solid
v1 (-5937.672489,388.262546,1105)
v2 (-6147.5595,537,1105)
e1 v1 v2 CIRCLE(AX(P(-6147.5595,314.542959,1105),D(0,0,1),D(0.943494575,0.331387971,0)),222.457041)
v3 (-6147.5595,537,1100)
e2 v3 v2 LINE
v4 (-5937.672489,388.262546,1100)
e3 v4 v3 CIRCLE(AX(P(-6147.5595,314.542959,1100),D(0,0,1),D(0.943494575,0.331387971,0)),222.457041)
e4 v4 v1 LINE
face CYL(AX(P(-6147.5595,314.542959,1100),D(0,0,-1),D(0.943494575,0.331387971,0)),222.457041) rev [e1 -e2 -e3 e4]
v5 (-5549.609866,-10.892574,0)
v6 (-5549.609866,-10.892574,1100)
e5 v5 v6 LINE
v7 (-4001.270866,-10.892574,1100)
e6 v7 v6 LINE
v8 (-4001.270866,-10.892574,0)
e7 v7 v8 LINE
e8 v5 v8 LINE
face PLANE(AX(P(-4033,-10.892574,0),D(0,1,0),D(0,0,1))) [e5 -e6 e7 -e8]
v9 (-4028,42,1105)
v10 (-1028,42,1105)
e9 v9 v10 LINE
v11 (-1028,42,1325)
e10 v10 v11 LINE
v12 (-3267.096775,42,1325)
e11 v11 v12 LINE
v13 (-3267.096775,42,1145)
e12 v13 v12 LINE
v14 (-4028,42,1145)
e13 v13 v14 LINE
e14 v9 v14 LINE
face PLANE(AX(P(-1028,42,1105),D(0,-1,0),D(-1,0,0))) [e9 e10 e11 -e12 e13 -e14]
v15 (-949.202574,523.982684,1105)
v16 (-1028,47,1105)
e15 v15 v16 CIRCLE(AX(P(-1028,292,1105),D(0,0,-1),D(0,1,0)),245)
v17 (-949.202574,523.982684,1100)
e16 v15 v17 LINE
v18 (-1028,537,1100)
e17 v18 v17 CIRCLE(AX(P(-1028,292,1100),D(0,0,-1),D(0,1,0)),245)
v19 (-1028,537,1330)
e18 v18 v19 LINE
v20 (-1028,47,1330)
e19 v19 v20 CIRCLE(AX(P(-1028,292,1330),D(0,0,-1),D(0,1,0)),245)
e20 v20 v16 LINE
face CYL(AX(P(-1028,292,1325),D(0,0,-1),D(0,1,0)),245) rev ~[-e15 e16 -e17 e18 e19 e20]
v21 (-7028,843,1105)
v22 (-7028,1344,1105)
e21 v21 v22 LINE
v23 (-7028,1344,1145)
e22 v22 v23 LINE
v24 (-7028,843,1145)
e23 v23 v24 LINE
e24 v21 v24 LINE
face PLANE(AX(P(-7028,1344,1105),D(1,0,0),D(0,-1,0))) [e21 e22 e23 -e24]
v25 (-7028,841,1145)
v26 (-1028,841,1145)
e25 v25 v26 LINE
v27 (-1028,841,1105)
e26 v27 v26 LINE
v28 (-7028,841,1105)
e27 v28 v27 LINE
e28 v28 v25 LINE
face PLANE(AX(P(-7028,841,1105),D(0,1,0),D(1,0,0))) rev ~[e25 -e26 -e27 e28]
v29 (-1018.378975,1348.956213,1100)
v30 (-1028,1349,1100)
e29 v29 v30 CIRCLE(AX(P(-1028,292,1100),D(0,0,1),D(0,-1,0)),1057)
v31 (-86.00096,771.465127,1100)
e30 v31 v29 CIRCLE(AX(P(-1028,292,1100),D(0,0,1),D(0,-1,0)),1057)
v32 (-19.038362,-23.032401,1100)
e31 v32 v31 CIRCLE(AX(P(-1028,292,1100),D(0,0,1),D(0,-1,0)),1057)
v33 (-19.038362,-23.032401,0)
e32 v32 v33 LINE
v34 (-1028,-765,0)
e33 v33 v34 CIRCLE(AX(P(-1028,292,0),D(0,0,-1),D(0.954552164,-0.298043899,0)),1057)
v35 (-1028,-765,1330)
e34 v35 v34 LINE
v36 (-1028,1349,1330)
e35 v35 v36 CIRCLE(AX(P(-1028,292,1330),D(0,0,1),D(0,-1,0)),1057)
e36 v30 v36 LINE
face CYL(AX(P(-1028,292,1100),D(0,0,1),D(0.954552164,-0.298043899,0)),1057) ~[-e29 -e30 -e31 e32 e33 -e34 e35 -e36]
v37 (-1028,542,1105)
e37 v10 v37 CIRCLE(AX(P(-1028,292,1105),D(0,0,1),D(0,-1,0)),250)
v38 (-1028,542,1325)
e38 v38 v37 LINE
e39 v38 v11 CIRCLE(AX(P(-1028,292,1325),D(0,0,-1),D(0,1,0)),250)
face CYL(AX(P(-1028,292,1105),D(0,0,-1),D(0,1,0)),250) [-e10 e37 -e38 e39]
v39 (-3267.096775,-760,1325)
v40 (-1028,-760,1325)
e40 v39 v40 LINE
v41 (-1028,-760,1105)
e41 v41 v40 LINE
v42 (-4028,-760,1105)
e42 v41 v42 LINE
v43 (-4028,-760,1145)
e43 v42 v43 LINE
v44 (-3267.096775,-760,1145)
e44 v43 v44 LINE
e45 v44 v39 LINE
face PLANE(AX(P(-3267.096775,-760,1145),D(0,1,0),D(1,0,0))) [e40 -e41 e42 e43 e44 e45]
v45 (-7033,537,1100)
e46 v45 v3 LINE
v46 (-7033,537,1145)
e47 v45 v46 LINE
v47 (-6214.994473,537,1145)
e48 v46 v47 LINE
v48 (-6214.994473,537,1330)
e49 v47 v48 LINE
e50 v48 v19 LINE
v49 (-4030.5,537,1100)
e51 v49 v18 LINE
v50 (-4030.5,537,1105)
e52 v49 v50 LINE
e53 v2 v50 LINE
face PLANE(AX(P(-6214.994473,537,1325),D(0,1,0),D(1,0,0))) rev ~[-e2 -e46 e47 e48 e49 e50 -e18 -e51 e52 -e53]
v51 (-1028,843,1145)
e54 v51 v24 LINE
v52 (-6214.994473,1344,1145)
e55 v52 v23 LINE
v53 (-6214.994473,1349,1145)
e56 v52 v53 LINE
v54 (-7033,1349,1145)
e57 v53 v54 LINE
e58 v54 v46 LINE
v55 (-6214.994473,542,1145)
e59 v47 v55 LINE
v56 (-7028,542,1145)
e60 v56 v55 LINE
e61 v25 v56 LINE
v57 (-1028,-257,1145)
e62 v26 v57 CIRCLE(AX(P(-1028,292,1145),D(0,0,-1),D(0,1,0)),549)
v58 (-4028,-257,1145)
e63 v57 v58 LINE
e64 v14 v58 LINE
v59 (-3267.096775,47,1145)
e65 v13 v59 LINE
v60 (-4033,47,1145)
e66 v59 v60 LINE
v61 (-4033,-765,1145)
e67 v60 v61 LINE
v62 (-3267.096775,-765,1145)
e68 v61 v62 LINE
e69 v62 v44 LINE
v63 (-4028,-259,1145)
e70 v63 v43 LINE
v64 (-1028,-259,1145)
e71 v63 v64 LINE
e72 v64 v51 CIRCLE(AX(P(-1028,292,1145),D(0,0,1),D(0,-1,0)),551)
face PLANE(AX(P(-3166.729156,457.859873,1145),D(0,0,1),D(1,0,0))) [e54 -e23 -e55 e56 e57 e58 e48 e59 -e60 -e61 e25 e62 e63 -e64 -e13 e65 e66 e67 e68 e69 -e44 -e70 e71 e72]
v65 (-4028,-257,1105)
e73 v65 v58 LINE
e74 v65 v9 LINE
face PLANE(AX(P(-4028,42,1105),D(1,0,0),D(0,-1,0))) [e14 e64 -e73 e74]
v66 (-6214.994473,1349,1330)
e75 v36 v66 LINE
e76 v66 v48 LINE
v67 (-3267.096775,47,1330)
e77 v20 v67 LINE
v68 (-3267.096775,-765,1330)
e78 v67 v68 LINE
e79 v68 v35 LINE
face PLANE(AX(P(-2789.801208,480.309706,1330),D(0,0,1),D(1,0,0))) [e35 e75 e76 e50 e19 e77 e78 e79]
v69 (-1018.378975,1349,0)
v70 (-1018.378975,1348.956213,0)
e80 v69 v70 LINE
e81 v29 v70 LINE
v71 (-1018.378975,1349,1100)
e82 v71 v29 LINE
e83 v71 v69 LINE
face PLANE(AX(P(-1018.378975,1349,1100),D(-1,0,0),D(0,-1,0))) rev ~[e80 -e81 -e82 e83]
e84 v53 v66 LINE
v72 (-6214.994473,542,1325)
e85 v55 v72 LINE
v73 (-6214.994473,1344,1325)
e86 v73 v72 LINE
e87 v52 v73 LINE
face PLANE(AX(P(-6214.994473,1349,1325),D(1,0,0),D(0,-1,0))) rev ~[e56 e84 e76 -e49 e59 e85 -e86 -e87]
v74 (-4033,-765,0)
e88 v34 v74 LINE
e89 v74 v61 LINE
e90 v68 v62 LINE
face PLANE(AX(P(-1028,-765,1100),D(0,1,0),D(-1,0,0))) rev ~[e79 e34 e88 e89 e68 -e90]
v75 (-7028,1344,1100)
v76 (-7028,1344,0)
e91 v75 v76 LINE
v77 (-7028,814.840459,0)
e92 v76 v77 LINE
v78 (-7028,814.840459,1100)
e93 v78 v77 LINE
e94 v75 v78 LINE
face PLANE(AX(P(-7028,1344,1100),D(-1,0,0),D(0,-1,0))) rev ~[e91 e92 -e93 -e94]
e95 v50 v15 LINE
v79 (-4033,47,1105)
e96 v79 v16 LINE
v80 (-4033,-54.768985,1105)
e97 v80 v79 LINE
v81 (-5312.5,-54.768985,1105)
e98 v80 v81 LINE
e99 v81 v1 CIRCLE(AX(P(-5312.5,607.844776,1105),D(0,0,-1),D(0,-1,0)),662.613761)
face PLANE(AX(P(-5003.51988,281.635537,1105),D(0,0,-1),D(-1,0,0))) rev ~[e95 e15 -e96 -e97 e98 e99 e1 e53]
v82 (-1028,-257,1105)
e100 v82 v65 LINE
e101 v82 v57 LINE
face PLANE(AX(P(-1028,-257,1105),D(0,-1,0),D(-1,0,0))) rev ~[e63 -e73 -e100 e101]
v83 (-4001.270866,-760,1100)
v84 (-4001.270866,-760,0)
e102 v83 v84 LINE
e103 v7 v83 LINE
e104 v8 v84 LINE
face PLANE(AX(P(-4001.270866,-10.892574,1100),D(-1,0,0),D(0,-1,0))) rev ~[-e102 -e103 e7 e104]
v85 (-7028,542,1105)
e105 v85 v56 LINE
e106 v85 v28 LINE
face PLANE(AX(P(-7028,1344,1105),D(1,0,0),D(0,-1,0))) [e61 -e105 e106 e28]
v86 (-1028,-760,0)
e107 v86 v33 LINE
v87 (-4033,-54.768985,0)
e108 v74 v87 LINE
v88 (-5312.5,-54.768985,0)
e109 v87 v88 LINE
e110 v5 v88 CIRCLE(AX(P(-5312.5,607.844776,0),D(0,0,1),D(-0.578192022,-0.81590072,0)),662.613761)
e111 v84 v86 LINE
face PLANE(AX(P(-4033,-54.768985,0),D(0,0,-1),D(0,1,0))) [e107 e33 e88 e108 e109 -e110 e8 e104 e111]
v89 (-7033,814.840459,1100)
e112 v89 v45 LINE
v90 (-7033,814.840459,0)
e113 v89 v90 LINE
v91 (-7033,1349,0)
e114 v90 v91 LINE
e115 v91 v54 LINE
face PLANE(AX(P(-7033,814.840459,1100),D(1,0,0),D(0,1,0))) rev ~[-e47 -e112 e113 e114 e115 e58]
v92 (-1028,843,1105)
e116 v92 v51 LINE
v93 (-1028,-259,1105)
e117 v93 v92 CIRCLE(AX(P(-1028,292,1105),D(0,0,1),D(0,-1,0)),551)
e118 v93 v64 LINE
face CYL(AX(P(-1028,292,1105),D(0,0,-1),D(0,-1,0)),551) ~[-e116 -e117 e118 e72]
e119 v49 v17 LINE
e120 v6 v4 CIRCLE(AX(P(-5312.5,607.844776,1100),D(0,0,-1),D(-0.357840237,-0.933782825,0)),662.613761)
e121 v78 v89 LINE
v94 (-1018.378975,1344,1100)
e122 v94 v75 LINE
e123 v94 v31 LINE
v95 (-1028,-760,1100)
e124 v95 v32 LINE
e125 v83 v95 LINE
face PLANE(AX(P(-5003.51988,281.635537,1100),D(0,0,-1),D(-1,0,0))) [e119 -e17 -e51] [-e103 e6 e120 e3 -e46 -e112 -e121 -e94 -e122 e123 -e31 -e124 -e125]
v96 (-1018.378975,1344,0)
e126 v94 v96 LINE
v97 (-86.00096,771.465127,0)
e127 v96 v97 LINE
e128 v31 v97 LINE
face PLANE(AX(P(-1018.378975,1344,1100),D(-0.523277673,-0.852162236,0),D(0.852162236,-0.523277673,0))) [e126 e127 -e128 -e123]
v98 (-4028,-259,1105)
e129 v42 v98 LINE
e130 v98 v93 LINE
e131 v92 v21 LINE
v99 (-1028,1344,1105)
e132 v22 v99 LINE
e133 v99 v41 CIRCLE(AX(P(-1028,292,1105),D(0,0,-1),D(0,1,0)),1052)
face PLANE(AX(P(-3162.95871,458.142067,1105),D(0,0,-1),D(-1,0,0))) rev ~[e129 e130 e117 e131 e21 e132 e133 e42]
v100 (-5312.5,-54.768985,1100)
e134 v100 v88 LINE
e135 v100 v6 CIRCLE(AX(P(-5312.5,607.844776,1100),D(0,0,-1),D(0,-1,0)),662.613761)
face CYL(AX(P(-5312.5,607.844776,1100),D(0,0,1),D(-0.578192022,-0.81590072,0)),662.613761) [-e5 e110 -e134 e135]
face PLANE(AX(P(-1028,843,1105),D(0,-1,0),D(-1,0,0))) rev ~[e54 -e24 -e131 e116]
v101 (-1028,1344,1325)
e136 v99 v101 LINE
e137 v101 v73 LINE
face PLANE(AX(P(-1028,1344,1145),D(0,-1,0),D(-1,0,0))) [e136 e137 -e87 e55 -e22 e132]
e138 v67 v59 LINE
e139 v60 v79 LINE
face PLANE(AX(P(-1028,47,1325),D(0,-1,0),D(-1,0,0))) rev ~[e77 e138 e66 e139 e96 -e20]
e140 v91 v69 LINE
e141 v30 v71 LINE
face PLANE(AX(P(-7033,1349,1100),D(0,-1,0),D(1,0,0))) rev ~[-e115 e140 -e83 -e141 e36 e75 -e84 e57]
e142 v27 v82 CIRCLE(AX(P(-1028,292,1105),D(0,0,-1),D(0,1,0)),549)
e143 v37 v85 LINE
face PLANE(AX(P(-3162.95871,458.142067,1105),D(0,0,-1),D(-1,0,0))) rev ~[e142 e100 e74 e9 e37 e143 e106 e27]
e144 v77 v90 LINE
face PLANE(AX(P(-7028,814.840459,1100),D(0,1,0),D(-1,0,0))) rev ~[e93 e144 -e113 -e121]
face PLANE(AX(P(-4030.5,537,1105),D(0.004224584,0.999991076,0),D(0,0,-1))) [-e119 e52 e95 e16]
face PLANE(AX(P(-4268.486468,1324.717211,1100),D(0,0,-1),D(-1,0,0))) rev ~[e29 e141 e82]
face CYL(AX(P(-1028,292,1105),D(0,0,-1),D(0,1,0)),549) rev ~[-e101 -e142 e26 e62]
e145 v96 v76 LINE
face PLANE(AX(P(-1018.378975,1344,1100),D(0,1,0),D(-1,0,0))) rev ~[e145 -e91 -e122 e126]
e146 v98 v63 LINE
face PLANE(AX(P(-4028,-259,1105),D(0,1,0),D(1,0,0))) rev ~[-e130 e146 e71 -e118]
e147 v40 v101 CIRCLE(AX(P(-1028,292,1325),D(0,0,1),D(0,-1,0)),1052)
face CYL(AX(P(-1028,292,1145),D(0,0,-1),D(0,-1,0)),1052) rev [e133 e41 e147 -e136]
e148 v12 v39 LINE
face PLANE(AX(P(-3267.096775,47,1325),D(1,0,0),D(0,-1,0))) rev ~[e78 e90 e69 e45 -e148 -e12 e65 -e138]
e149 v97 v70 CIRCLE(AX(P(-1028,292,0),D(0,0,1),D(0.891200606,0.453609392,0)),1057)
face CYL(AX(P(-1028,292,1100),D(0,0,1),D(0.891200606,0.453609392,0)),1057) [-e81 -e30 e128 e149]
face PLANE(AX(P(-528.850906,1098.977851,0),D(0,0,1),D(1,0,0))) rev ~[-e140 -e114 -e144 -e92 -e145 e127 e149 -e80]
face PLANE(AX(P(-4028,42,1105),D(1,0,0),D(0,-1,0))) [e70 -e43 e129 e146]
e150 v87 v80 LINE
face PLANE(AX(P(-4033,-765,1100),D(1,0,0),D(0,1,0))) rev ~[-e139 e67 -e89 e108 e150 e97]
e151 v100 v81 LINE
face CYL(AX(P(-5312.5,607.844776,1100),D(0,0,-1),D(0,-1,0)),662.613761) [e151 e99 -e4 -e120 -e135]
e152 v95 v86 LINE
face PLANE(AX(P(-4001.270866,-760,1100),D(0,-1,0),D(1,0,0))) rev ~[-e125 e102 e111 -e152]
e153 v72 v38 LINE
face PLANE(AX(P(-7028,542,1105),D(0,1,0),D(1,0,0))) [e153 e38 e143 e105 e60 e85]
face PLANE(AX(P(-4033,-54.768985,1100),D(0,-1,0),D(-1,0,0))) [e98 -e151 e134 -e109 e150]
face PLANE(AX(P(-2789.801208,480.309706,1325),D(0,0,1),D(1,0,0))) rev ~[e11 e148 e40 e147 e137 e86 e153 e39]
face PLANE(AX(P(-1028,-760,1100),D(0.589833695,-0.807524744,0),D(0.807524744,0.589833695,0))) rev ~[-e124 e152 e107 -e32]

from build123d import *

# Parameters (mm, degrees)
ESTRUSIONE_ESTRUSIONE1_START      = 1100
ESTRUSIONE_ESTRUSIONE1_DEPTH      = 5
ESTRUSIONE_ESTRUSIONE2_DEPTH      = 40
ESTRUSIONE_ESTRUSIONE2_DEPTH_BACK = 5
ESTRUSIONE_ESTRUSIONE3_DEPTH      = 40
ESTRUSIONE_ESTRUSIONE4_DEPTH      = 180
ESTRUSIONE_ESTRUSIONE5_DEPTH      = 5
ESTRUSIONE_ESTRUSIONE10_DEPTH     = 1100
ESTRUSIONE_ESTRUSIONE11_DEPTH     = 1100
ESTRUSIONE_ESTRUSIONE12_DEPTH     = 1100
SCHIZZO17_W                       = 1100
SCHIZZO17_H                       = 43.876411271
ESTRUSIONE_ESTRUSIONE13_DEPTH     = 2559
ESTRUSIONE_ESTRUSIONE14_DEPTH     = 5
SCHIZZO19_W                       = 5
SCHIZZO19_H                       = 490.0043726
ESTRUSIONE_ESTRUSIONE15_DEPTH     = 3500
TAGLIO_ESTRUSIONE1_DEPTH          = 3500


with BuildPart() as part:
    # Schizzo1 → Estrusione-Estrusione1 (new body)
    with BuildSketch(Plane.XY.offset(ESTRUSIONE_ESTRUSIONE1_START)):
        with BuildLine():
            Line((-7028, 842), (-7028, 1344))
            Line((-7028, 1344), (-1028, 1344))
            ThreePointArc((-1028, 1344), (24, 292), (-1028, -760))
            Line((-1028, -760), (-4028, -760))
            Line((-4028, -760), (-4028, 42))
            Line((-4028, 42), (-1028, 42))
            ThreePointArc((-1028, 42), (-778, 292), (-1028, 542))
            Line((-1028, 542), (-7028, 542))
            Line((-7028, 542), (-7028, 842))
        make_face()
    extrude(amount=ESTRUSIONE_ESTRUSIONE1_DEPTH)

    # Schizzo2 → Estrusione-Estrusione2 (add, two sides)
    with BuildSketch(Plane.XY.offset(1105)) as estrusione_estrusione2_sk:
        with BuildLine():
            Line((-1028, 1349), (-7033, 1349))
            Line((-7033, 1349), (-7033, 537))
            Line((-7033, 537), (-1028, 537))
            ThreePointArc((-1028, 537), (-783, 292), (-1028, 47))
            Line((-1028, 47), (-4033, 47))
            Line((-4033, 47), (-4033, -765))
            Line((-4033, -765), (-1028, -765))
            ThreePointArc((-1028, -765), (29, 292), (-1028, 1349))
        make_face()
        with BuildLine():
            Line((-1028, 1344), (-7028, 1344))
            Line((-7028, 1344), (-7028, 542))
            Line((-7028, 542), (-1028, 542))
            ThreePointArc((-1028, 542), (-778, 292), (-1028, 42))
            Line((-1028, 42), (-4028, 42))
            Line((-4028, 42), (-4028, -760))
            Line((-4028, -760), (-1028, -760))
            ThreePointArc((-1028, -760), (24, 292), (-1028, 1344))
        make_face(mode=Mode.SUBTRACT)
    extrude(amount=ESTRUSIONE_ESTRUSIONE2_DEPTH)
    extrude(estrusione_estrusione2_sk.sketch, amount=-ESTRUSIONE_ESTRUSIONE2_DEPTH_BACK)

    # Schizzo3 → Estrusione-Estrusione3 (add)
    with BuildSketch(Plane.XY.offset(1105)):
        with BuildLine():
            Line((-4028, -259), (-1028, -259))
            ThreePointArc((-1028, -259), (-477, 292), (-1028, 843))
            Line((-1028, 843), (-7028, 843))
            Line((-7028, 843), (-7028, 841))
            Line((-7028, 841), (-1028, 841))
            ThreePointArc((-1028, 841), (-479, 292), (-1028, -257))
            Line((-1028, -257), (-4028, -257))
            Line((-4028, -257), (-4028, -259))
        make_face()
    extrude(amount=ESTRUSIONE_ESTRUSIONE3_DEPTH)

    # Schizzo4 → Estrusione-Estrusione4 (add)
    with BuildSketch(Plane.XY.offset(1145)):
        with BuildLine():
            Line((-1028, 1344), (-6214.994472708, 1344))
            Line((-6214.994472708, 1344), (-6214.994472708, 1349))
            Line((-6214.994472708, 1349), (-1028, 1349))
            ThreePointArc((-1028, 1349), (29, 292), (-1028, -765))
            Line((-1028, -765), (-3267.096775187, -765))
            Line((-3267.096775187, -765), (-3267.096775187, -760))
            Line((-3267.096775187, -760), (-1028, -760))
            ThreePointArc((-1028, -760), (24, 292), (-1028, 1344))
        make_face()
        with BuildLine():
            Line((-6214.994472708, 542), (-1028, 542))
            ThreePointArc((-1028, 542), (-778, 292), (-1028, 42))
            Line((-1028, 42), (-3267.096775187, 42))
            Line((-3267.096775187, 42), (-3267.096775187, 47))
            Line((-3267.096775187, 47), (-1028, 47))
            ThreePointArc((-1028, 47), (-783, 292), (-1028, 537))
            Line((-1028, 537), (-6214.994472708, 537))
            Line((-6214.994472708, 537), (-6214.994472708, 542))
        make_face()
    extrude(amount=ESTRUSIONE_ESTRUSIONE4_DEPTH)

    # Schizzo7 → Estrusione-Estrusione5 (add)
    with BuildSketch(Plane.XY.offset(1325)):
        with BuildLine():
            Line((-3267.096775187, 42), (-3267.096775187, -760))
            Line((-3267.096775187, -760), (-3267.096775187, -765))
            Line((-3267.096775187, -765), (-1028, -765))
            ThreePointArc((-1028, -765), (29, 292), (-1028, 1349))
            Line((-1028, 1349), (-6214.994472708, 1349))
            Line((-6214.994472708, 1349), (-6214.994472708, 1344))
            Line((-6214.994472708, 1344), (-6214.994472708, 542))
            Line((-6214.994472708, 542), (-6214.994472708, 537))
            Line((-6214.994472708, 537), (-1028, 537))
            ThreePointArc((-1028, 537), (-783, 292), (-1028, 47))
            Line((-1028, 47), (-3267.096775187, 47))
            Line((-3267.096775187, 47), (-3267.096775187, 42))
        make_face()
    extrude(amount=ESTRUSIONE_ESTRUSIONE5_DEPTH)

    # Schizzo14 → Estrusione-Estrusione10 (add)
    with BuildSketch(Plane(origin=(0, 0, 1100), x_dir=(-1, 0, 0), z_dir=(0, 0, -1))):
        Polygon((7033, 1344), (7033, 1349), (7028, 1349), (1018.37897453, 1349), (1018.37897453, 1344), (7028, 1344), (7028, 814.840458961), (7033, 814.840458961), align=None)
    extrude(amount=ESTRUSIONE_ESTRUSIONE10_DEPTH)

    # Schizzo15 → Estrusione-Estrusione11 (add)
    with BuildSketch(Plane(origin=(0, 0, 1100), x_dir=(-1, 0, 0), z_dir=(0, 0, -1))):
        with BuildLine():
            Line((1018.37897453, 1348.956212844), (1018.37897453, 1344))
            Line((1018.37897453, 1344), (86.000959701, 771.465127069))
            ThreePointArc((86.000959701, 771.465127069), (471.430888451, 1190.598811522), (1018.37897453, 1348.956212844))
        make_face()
    extrude(amount=ESTRUSIONE_ESTRUSIONE11_DEPTH)

    # Schizzo16 → Estrusione-Estrusione12 (add)
    with BuildSketch(Plane(origin=(0, 0, 1100), x_dir=(-1, 0, 0), z_dir=(0, 0, -1))):
        with BuildLine():
            Line((1028, -760), (19.038362428, -23.032401362))
            ThreePointArc((19.038362428, -23.032401362), (401.797256569, -559.539267515), (1028, -765))
            Line((1028, -765), (4001.270866126, -765))
            Line((4001.270866126, -765), (4033, -765))
            Line((4033, -765), (4033, -760))
            Line((4033, -760), (4033, -10.892573997))
            Line((4033, -10.892573997), (4001.270866126, -10.892573997))
            Line((4001.270866126, -10.892573997), (4001.270866126, -760))
            Line((4001.270866126, -760), (1028, -760))
        make_face()
    extrude(amount=ESTRUSIONE_ESTRUSIONE12_DEPTH)

    # Schizzo17 → Estrusione-Estrusione13 (add)
    with BuildSketch(Plane.ZY.offset(4033)):
        with Locations((550, -32.830779633)):
            Rectangle(SCHIZZO17_W, SCHIZZO17_H)
    extrude(amount=ESTRUSIONE_ESTRUSIONE13_DEPTH)

    # Schizzo18 → Estrusione-Estrusione14 (add)
    with BuildSketch(Plane.XY.offset(1100)):
        with BuildLine():
            Line((-6147.55950035, 537), (-4030.5, 537))
            Line((-4030.5, 537), (-4033, -54.768985268))
            Line((-4033, -54.768985268), (-5312.5, -54.768985268))
            ThreePointArc((-5312.5, -54.768985268), (-5695.617990734, 67.217730963), (-5937.672489152, 388.262546459))
            ThreePointArc((-5937.672489152, 388.262546459), (-6018.936614016, 496.045819002), (-6147.55950035, 537))
        make_face()
    extrude(amount=ESTRUSIONE_ESTRUSIONE14_DEPTH)

    # Schizzo19 → Estrusione-Estrusione15 (add)
    with BuildSketch(Plane(origin=(-4032.696648506, 17.036617113, 0), x_dir=(0, 0, -1), z_dir=(0.999991076, -0.004224584, 0))):
        with Locations((-1102.5, 274.965836571)):
            Rectangle(SCHIZZO19_W, SCHIZZO19_H)
    extrude(amount=ESTRUSIONE_ESTRUSIONE15_DEPTH)

    # Schizzo20 → Taglio-Estrusione1 (cut)
    with BuildSketch(Plane.XY.offset(1100)):
        with BuildLine():
            Line((-5312.5, -54.768985268), (-5312.5, -181.34183241))
            Line((-5312.5, -181.34183241), (-6649.482610295, -181.34183241))
            Line((-6649.482610295, -181.34183241), (-6649.482610295, 67.217730963))
            Line((-6649.482610295, 67.217730963), (-5695.617990734, 67.217730963))
            ThreePointArc((-5695.617990734, 67.217730963), (-5513.53491846, -23.536216894), (-5312.5, -54.768985268))
        make_face()
    extrude(amount=-TAGLIO_ESTRUSIONE1_DEPTH, mode=Mode.SUBTRACT)


solid = part.part
